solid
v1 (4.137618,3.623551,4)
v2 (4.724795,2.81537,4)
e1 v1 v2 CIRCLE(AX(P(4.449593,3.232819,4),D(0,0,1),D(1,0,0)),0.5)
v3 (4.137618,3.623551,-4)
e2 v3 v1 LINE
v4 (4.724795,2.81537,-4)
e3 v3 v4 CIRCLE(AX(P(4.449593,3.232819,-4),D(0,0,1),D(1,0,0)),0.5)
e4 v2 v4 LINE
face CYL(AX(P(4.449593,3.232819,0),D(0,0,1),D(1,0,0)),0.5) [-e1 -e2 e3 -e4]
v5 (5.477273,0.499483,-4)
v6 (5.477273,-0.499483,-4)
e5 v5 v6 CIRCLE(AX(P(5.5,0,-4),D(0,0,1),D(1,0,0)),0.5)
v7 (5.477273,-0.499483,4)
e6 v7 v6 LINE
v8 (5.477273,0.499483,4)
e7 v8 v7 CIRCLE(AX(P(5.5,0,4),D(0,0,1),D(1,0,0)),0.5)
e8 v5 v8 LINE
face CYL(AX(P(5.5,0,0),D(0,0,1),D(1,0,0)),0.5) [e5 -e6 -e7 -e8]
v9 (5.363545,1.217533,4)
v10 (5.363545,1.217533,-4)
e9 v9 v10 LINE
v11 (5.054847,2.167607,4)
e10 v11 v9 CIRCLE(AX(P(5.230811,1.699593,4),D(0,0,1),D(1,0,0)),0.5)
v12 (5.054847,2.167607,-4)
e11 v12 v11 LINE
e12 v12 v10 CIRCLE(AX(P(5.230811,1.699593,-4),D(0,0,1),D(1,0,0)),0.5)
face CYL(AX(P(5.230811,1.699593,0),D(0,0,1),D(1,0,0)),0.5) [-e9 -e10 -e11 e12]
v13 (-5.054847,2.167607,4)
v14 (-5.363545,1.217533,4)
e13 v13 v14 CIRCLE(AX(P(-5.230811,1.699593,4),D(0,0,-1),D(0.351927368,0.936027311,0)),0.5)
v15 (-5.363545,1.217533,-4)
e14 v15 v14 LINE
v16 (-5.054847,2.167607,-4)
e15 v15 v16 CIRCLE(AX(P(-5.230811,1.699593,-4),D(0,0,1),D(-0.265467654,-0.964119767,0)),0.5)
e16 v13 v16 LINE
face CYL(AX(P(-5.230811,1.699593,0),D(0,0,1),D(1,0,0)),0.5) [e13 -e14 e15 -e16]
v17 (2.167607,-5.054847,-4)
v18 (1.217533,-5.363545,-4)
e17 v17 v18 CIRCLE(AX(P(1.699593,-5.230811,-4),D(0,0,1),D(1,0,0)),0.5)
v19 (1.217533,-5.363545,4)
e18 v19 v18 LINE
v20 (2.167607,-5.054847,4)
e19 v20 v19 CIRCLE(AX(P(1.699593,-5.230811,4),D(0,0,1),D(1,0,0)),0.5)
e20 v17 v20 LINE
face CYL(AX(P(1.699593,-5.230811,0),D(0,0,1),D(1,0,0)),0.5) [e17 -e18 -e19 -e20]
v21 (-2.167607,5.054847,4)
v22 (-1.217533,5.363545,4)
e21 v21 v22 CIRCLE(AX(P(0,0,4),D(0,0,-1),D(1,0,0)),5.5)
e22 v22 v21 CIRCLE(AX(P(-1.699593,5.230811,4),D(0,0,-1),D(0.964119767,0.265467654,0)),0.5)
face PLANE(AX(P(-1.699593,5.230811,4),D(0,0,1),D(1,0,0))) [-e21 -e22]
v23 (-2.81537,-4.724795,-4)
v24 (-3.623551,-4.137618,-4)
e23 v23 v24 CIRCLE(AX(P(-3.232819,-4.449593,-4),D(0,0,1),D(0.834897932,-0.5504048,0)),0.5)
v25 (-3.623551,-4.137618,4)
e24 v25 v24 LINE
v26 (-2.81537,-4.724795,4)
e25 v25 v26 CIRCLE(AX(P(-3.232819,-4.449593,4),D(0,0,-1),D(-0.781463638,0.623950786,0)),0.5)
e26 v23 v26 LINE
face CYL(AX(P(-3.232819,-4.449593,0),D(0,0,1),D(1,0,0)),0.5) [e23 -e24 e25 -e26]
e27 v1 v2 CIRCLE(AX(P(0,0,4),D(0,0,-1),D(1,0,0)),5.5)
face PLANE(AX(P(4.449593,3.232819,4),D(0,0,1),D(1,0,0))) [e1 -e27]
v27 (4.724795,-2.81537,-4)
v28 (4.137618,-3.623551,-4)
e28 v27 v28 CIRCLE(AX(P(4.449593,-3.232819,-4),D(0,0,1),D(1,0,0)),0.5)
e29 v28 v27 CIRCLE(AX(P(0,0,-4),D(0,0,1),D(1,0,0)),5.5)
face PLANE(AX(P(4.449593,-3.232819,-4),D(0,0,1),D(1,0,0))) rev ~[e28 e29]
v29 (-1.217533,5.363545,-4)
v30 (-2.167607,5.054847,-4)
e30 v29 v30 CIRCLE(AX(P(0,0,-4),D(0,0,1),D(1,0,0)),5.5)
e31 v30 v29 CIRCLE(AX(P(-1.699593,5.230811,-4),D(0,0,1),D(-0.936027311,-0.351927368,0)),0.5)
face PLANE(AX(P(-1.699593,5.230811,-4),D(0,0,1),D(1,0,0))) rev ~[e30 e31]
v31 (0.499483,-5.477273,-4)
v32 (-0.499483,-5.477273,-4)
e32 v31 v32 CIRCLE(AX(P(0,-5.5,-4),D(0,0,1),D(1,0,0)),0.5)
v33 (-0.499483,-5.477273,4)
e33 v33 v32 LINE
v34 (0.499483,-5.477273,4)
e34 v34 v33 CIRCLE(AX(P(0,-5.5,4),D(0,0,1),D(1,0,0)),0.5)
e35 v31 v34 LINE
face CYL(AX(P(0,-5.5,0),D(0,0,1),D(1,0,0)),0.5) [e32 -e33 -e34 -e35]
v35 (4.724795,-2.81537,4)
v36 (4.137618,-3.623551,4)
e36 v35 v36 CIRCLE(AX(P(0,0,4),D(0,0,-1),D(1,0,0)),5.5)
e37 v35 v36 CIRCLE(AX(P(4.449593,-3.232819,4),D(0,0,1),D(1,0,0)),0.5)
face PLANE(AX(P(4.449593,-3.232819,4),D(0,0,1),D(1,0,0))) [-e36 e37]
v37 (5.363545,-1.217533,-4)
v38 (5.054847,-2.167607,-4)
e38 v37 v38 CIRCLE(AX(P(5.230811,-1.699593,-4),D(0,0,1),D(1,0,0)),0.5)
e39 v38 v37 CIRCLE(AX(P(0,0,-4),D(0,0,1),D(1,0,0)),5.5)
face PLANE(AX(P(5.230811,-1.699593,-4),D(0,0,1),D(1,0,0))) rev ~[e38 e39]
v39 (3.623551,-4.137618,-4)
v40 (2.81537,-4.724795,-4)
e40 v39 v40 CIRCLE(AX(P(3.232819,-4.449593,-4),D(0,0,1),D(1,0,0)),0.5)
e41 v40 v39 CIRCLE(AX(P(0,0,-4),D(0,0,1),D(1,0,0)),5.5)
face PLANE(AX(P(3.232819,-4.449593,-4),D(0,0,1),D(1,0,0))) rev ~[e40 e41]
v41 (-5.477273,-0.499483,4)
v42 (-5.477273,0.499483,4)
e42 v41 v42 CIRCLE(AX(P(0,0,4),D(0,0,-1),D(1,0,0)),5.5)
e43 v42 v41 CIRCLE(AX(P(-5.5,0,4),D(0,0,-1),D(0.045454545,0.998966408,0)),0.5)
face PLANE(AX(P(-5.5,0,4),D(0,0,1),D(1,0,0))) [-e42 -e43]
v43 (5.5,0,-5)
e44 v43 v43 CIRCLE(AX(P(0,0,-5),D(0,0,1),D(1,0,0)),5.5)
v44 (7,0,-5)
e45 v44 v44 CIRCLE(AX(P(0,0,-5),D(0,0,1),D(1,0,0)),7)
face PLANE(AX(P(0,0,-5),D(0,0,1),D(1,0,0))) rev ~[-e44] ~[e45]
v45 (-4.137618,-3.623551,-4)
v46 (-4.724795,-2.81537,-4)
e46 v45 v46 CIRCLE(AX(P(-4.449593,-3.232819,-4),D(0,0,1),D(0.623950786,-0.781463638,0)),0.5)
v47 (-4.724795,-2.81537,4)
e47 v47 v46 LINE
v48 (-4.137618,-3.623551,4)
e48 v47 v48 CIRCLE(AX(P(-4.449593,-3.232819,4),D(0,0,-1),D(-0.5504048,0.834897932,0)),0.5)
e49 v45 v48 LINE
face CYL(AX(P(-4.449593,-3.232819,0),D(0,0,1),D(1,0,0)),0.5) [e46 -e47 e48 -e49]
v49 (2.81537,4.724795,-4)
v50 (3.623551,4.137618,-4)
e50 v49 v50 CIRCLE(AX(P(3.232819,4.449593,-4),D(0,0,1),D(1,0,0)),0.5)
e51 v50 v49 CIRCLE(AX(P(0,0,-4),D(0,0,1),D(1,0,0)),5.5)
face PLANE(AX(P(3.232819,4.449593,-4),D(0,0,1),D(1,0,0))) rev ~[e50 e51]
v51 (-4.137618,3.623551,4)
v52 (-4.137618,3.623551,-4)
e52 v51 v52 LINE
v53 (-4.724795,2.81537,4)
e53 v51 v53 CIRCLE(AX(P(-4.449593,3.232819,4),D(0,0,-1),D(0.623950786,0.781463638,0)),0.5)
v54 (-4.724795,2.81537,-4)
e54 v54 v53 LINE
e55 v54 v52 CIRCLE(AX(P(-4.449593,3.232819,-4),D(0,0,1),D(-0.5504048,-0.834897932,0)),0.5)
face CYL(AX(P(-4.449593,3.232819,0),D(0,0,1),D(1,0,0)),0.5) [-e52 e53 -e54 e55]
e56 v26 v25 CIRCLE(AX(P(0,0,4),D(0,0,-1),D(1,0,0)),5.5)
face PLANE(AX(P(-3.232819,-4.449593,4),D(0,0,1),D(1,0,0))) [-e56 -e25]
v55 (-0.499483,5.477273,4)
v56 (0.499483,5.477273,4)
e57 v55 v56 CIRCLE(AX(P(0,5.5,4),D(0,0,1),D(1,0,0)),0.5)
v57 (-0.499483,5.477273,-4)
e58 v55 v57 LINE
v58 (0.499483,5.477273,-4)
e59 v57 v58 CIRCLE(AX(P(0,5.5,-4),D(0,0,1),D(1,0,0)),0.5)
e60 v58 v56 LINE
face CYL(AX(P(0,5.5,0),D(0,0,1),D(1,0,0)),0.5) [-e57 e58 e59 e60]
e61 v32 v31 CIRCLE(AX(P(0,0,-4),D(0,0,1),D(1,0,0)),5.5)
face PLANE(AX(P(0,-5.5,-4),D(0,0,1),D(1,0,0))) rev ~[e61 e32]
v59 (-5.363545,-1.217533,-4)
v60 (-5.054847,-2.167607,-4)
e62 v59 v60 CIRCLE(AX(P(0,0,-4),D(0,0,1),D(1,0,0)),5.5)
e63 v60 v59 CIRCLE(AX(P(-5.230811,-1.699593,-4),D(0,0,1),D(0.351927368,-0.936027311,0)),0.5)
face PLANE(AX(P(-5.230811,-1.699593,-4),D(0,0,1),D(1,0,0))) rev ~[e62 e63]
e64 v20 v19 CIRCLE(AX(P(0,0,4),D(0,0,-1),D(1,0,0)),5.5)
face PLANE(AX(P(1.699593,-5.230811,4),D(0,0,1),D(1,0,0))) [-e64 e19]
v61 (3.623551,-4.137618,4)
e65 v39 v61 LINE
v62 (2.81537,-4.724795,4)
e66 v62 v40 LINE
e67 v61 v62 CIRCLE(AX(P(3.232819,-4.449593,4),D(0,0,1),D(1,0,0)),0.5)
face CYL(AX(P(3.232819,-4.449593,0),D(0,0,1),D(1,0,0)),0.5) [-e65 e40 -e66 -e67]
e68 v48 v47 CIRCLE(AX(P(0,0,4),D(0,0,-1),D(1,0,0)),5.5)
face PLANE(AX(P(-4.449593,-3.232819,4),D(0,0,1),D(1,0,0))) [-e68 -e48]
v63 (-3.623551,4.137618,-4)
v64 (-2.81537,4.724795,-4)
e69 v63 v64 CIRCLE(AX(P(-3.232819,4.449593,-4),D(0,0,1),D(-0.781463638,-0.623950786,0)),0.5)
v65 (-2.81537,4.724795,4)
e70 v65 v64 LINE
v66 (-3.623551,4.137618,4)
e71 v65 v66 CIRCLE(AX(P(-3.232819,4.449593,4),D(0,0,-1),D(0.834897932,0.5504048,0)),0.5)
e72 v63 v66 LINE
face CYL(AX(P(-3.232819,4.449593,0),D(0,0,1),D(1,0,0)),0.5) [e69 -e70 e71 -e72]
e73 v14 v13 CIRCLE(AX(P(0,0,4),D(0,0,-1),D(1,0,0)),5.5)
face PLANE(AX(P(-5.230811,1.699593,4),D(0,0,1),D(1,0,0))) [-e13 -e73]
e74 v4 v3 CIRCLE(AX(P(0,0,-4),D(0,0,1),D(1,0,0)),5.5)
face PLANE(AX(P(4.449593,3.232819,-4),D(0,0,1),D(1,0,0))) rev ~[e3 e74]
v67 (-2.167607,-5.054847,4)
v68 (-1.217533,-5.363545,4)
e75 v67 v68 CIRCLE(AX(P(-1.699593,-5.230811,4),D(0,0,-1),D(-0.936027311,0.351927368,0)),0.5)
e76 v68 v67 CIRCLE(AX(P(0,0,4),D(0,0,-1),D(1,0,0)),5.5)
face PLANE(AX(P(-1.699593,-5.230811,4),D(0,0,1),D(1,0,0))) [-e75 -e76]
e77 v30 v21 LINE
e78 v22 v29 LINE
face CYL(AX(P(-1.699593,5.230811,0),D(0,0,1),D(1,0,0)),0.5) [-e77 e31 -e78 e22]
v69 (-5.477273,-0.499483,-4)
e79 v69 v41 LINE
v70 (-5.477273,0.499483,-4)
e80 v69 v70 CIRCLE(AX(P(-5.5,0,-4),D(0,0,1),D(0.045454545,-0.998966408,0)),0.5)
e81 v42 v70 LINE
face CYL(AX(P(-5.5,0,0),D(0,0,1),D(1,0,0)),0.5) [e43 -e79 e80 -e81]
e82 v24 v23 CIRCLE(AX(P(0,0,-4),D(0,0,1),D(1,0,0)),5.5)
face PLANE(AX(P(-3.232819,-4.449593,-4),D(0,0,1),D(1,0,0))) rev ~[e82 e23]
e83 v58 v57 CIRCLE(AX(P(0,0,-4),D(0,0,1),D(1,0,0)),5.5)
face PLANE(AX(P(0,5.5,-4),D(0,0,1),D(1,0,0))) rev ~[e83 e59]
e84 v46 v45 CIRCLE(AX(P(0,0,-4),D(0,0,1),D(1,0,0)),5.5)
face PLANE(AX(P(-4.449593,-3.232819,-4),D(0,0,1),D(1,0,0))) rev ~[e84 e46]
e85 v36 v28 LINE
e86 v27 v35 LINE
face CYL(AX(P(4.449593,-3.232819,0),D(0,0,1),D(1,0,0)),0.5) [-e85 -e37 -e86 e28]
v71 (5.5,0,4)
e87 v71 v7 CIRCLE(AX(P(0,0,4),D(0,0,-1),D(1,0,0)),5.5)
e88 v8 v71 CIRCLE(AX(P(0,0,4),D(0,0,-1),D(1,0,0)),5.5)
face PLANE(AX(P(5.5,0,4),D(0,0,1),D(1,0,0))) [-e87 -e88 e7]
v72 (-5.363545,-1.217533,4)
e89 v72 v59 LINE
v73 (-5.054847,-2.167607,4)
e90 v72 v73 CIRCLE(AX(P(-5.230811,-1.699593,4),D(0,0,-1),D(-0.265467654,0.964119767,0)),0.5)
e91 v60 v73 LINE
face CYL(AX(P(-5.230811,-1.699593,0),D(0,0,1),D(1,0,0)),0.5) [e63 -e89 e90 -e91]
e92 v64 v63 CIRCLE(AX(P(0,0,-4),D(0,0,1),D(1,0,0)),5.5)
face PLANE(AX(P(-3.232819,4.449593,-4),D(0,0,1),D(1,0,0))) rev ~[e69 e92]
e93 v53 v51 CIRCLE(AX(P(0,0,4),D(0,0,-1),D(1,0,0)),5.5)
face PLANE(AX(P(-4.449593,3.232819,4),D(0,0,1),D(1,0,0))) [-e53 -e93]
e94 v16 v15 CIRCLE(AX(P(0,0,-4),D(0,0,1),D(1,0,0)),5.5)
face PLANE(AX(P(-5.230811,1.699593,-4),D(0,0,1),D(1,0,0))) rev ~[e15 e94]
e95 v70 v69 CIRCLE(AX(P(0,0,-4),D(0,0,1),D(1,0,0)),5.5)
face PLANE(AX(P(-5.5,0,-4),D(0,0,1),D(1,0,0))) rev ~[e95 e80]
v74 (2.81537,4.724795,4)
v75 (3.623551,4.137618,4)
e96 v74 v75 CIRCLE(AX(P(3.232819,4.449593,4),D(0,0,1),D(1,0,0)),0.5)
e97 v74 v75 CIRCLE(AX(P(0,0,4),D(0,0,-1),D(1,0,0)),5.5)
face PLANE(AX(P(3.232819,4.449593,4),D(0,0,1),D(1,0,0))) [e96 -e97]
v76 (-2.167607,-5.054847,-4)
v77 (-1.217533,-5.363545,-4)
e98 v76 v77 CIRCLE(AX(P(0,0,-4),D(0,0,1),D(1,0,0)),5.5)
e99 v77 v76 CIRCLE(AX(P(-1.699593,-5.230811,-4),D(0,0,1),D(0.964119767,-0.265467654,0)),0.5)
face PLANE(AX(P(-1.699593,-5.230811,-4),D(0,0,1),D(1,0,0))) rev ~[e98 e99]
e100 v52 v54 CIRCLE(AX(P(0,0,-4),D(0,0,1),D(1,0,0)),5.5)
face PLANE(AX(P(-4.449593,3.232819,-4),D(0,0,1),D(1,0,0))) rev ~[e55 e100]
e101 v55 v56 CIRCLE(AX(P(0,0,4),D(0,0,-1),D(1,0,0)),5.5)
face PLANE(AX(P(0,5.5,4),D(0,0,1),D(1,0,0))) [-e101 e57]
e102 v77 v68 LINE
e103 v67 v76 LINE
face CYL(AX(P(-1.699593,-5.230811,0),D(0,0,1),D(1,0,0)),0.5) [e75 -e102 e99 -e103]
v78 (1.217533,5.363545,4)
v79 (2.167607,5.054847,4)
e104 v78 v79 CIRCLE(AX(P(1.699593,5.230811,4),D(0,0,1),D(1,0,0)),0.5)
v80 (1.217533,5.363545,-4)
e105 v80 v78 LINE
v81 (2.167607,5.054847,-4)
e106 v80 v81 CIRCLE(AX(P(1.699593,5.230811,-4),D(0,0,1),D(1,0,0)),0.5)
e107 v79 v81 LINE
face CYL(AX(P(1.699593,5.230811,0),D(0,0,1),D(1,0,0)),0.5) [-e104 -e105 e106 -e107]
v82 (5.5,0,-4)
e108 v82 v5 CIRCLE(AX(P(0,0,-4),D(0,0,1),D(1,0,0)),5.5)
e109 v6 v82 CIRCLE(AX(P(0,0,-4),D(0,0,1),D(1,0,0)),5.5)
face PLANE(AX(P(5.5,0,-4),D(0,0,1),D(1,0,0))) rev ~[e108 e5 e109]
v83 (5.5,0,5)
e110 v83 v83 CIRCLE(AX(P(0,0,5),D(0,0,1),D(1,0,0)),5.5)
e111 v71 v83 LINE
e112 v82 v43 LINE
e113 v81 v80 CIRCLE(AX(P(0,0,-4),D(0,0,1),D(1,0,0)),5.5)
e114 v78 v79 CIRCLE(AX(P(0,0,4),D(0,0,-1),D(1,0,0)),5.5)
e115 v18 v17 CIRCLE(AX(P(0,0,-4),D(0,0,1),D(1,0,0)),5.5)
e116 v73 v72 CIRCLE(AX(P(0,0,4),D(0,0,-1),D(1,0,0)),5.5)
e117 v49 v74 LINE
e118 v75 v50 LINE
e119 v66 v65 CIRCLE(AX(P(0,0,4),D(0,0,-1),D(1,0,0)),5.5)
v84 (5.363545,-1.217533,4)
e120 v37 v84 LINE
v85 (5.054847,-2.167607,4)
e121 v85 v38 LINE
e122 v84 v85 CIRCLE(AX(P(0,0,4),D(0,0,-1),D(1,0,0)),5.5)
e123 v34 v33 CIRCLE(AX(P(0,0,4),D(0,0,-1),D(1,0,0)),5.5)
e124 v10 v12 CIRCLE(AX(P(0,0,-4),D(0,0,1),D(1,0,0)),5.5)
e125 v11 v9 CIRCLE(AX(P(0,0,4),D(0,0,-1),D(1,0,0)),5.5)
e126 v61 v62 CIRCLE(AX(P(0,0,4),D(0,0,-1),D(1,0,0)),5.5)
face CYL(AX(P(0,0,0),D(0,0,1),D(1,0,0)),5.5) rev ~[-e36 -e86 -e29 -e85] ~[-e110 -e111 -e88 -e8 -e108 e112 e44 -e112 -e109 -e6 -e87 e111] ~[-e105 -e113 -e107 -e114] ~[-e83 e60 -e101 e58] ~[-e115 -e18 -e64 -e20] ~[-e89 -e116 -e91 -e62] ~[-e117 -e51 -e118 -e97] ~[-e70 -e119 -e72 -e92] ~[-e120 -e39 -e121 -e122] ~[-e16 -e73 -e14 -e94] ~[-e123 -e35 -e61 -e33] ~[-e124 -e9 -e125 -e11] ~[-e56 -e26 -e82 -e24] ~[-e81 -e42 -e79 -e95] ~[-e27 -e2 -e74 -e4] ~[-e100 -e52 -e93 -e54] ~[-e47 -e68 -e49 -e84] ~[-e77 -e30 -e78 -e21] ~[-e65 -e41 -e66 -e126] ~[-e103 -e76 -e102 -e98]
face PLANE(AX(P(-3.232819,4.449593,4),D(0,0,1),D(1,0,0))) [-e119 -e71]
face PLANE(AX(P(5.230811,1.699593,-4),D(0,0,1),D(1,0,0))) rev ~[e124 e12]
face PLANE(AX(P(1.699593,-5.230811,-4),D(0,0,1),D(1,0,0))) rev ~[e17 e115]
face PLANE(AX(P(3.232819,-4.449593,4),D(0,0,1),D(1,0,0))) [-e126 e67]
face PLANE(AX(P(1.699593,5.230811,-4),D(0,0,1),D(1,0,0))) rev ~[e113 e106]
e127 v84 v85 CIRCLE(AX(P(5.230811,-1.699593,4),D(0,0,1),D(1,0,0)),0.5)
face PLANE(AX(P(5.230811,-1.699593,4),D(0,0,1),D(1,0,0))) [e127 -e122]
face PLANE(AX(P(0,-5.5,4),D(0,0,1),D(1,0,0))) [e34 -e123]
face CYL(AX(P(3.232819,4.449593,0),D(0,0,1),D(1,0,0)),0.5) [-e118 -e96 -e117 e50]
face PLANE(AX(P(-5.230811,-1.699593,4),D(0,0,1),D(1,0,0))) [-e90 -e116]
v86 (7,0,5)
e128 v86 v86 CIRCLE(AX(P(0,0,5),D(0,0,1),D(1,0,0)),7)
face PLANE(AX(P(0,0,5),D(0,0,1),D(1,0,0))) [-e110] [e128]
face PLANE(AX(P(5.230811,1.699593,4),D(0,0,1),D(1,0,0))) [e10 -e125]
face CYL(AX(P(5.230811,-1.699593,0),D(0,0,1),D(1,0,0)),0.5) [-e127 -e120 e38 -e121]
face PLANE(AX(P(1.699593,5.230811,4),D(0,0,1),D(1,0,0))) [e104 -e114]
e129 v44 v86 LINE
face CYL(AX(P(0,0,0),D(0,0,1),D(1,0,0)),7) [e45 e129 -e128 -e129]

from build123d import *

# Parameters (mm, degrees)
F0_R          = 7
F0_R_2        = 5.5
F1_DEPTH      = 5
F1_DEPTH_BACK = 5
F2_R          = 0.5
F3_DEPTH      = 4
F3_DEPTH_BACK = 4


with BuildPart() as f1:
    # F0 (on Top) → F1 (new body, two sides)
    with BuildSketch(Plane.XY) as f1_sk:
        Circle(F0_R)
        Circle(F0_R_2, mode=Mode.SUBTRACT)
    extrude(amount=F1_DEPTH)
    extrude(f1_sk.sketch, amount=-F1_DEPTH_BACK)

    # F2 (on Top) → F3 (join, two sides)
    with BuildSketch(Plane.XY) as f3_sk:
        with Locations((0, 5.5)):
            Circle(F2_R)
        with Locations((-1.699593, 5.230811)):
            Circle(F2_R)
        with Locations((-3.232819, 4.449593)):
            Circle(F2_R)
        with Locations((-4.449593, 3.232819)):
            Circle(F2_R)
        with Locations((-5.230811, 1.699593)):
            Circle(F2_R)
        with Locations((-5.5, 0)):
            Circle(F2_R)
        with Locations((-5.230811, -1.699593)):
            Circle(F2_R)
        with Locations((-4.449593, -3.232819)):
            Circle(F2_R)
        with Locations((-3.232819, -4.449593)):
            Circle(F2_R)
        with Locations((-1.699593, -5.230811)):
            Circle(F2_R)
        with Locations((0, -5.5)):
            Circle(F2_R)
        with Locations((1.699593, -5.230811)):
            Circle(F2_R)
        with Locations((3.232819, -4.449593)):
            Circle(F2_R)
        with Locations((4.449593, -3.232819)):
            Circle(F2_R)
        with Locations((5.230811, -1.699593)):
            Circle(F2_R)
        with Locations((5.5, 0)):
            Circle(F2_R)
        with Locations((5.230811, 1.699593)):
            Circle(F2_R)
        with Locations((4.449593, 3.232819)):
            Circle(F2_R)
        with Locations((3.232819, 4.449593)):
            Circle(F2_R)
        with Locations((1.699593, 5.230811)):
            Circle(F2_R)
    extrude(amount=F3_DEPTH)
    extrude(f3_sk.sketch, amount=-F3_DEPTH_BACK)


solid = f1.part
